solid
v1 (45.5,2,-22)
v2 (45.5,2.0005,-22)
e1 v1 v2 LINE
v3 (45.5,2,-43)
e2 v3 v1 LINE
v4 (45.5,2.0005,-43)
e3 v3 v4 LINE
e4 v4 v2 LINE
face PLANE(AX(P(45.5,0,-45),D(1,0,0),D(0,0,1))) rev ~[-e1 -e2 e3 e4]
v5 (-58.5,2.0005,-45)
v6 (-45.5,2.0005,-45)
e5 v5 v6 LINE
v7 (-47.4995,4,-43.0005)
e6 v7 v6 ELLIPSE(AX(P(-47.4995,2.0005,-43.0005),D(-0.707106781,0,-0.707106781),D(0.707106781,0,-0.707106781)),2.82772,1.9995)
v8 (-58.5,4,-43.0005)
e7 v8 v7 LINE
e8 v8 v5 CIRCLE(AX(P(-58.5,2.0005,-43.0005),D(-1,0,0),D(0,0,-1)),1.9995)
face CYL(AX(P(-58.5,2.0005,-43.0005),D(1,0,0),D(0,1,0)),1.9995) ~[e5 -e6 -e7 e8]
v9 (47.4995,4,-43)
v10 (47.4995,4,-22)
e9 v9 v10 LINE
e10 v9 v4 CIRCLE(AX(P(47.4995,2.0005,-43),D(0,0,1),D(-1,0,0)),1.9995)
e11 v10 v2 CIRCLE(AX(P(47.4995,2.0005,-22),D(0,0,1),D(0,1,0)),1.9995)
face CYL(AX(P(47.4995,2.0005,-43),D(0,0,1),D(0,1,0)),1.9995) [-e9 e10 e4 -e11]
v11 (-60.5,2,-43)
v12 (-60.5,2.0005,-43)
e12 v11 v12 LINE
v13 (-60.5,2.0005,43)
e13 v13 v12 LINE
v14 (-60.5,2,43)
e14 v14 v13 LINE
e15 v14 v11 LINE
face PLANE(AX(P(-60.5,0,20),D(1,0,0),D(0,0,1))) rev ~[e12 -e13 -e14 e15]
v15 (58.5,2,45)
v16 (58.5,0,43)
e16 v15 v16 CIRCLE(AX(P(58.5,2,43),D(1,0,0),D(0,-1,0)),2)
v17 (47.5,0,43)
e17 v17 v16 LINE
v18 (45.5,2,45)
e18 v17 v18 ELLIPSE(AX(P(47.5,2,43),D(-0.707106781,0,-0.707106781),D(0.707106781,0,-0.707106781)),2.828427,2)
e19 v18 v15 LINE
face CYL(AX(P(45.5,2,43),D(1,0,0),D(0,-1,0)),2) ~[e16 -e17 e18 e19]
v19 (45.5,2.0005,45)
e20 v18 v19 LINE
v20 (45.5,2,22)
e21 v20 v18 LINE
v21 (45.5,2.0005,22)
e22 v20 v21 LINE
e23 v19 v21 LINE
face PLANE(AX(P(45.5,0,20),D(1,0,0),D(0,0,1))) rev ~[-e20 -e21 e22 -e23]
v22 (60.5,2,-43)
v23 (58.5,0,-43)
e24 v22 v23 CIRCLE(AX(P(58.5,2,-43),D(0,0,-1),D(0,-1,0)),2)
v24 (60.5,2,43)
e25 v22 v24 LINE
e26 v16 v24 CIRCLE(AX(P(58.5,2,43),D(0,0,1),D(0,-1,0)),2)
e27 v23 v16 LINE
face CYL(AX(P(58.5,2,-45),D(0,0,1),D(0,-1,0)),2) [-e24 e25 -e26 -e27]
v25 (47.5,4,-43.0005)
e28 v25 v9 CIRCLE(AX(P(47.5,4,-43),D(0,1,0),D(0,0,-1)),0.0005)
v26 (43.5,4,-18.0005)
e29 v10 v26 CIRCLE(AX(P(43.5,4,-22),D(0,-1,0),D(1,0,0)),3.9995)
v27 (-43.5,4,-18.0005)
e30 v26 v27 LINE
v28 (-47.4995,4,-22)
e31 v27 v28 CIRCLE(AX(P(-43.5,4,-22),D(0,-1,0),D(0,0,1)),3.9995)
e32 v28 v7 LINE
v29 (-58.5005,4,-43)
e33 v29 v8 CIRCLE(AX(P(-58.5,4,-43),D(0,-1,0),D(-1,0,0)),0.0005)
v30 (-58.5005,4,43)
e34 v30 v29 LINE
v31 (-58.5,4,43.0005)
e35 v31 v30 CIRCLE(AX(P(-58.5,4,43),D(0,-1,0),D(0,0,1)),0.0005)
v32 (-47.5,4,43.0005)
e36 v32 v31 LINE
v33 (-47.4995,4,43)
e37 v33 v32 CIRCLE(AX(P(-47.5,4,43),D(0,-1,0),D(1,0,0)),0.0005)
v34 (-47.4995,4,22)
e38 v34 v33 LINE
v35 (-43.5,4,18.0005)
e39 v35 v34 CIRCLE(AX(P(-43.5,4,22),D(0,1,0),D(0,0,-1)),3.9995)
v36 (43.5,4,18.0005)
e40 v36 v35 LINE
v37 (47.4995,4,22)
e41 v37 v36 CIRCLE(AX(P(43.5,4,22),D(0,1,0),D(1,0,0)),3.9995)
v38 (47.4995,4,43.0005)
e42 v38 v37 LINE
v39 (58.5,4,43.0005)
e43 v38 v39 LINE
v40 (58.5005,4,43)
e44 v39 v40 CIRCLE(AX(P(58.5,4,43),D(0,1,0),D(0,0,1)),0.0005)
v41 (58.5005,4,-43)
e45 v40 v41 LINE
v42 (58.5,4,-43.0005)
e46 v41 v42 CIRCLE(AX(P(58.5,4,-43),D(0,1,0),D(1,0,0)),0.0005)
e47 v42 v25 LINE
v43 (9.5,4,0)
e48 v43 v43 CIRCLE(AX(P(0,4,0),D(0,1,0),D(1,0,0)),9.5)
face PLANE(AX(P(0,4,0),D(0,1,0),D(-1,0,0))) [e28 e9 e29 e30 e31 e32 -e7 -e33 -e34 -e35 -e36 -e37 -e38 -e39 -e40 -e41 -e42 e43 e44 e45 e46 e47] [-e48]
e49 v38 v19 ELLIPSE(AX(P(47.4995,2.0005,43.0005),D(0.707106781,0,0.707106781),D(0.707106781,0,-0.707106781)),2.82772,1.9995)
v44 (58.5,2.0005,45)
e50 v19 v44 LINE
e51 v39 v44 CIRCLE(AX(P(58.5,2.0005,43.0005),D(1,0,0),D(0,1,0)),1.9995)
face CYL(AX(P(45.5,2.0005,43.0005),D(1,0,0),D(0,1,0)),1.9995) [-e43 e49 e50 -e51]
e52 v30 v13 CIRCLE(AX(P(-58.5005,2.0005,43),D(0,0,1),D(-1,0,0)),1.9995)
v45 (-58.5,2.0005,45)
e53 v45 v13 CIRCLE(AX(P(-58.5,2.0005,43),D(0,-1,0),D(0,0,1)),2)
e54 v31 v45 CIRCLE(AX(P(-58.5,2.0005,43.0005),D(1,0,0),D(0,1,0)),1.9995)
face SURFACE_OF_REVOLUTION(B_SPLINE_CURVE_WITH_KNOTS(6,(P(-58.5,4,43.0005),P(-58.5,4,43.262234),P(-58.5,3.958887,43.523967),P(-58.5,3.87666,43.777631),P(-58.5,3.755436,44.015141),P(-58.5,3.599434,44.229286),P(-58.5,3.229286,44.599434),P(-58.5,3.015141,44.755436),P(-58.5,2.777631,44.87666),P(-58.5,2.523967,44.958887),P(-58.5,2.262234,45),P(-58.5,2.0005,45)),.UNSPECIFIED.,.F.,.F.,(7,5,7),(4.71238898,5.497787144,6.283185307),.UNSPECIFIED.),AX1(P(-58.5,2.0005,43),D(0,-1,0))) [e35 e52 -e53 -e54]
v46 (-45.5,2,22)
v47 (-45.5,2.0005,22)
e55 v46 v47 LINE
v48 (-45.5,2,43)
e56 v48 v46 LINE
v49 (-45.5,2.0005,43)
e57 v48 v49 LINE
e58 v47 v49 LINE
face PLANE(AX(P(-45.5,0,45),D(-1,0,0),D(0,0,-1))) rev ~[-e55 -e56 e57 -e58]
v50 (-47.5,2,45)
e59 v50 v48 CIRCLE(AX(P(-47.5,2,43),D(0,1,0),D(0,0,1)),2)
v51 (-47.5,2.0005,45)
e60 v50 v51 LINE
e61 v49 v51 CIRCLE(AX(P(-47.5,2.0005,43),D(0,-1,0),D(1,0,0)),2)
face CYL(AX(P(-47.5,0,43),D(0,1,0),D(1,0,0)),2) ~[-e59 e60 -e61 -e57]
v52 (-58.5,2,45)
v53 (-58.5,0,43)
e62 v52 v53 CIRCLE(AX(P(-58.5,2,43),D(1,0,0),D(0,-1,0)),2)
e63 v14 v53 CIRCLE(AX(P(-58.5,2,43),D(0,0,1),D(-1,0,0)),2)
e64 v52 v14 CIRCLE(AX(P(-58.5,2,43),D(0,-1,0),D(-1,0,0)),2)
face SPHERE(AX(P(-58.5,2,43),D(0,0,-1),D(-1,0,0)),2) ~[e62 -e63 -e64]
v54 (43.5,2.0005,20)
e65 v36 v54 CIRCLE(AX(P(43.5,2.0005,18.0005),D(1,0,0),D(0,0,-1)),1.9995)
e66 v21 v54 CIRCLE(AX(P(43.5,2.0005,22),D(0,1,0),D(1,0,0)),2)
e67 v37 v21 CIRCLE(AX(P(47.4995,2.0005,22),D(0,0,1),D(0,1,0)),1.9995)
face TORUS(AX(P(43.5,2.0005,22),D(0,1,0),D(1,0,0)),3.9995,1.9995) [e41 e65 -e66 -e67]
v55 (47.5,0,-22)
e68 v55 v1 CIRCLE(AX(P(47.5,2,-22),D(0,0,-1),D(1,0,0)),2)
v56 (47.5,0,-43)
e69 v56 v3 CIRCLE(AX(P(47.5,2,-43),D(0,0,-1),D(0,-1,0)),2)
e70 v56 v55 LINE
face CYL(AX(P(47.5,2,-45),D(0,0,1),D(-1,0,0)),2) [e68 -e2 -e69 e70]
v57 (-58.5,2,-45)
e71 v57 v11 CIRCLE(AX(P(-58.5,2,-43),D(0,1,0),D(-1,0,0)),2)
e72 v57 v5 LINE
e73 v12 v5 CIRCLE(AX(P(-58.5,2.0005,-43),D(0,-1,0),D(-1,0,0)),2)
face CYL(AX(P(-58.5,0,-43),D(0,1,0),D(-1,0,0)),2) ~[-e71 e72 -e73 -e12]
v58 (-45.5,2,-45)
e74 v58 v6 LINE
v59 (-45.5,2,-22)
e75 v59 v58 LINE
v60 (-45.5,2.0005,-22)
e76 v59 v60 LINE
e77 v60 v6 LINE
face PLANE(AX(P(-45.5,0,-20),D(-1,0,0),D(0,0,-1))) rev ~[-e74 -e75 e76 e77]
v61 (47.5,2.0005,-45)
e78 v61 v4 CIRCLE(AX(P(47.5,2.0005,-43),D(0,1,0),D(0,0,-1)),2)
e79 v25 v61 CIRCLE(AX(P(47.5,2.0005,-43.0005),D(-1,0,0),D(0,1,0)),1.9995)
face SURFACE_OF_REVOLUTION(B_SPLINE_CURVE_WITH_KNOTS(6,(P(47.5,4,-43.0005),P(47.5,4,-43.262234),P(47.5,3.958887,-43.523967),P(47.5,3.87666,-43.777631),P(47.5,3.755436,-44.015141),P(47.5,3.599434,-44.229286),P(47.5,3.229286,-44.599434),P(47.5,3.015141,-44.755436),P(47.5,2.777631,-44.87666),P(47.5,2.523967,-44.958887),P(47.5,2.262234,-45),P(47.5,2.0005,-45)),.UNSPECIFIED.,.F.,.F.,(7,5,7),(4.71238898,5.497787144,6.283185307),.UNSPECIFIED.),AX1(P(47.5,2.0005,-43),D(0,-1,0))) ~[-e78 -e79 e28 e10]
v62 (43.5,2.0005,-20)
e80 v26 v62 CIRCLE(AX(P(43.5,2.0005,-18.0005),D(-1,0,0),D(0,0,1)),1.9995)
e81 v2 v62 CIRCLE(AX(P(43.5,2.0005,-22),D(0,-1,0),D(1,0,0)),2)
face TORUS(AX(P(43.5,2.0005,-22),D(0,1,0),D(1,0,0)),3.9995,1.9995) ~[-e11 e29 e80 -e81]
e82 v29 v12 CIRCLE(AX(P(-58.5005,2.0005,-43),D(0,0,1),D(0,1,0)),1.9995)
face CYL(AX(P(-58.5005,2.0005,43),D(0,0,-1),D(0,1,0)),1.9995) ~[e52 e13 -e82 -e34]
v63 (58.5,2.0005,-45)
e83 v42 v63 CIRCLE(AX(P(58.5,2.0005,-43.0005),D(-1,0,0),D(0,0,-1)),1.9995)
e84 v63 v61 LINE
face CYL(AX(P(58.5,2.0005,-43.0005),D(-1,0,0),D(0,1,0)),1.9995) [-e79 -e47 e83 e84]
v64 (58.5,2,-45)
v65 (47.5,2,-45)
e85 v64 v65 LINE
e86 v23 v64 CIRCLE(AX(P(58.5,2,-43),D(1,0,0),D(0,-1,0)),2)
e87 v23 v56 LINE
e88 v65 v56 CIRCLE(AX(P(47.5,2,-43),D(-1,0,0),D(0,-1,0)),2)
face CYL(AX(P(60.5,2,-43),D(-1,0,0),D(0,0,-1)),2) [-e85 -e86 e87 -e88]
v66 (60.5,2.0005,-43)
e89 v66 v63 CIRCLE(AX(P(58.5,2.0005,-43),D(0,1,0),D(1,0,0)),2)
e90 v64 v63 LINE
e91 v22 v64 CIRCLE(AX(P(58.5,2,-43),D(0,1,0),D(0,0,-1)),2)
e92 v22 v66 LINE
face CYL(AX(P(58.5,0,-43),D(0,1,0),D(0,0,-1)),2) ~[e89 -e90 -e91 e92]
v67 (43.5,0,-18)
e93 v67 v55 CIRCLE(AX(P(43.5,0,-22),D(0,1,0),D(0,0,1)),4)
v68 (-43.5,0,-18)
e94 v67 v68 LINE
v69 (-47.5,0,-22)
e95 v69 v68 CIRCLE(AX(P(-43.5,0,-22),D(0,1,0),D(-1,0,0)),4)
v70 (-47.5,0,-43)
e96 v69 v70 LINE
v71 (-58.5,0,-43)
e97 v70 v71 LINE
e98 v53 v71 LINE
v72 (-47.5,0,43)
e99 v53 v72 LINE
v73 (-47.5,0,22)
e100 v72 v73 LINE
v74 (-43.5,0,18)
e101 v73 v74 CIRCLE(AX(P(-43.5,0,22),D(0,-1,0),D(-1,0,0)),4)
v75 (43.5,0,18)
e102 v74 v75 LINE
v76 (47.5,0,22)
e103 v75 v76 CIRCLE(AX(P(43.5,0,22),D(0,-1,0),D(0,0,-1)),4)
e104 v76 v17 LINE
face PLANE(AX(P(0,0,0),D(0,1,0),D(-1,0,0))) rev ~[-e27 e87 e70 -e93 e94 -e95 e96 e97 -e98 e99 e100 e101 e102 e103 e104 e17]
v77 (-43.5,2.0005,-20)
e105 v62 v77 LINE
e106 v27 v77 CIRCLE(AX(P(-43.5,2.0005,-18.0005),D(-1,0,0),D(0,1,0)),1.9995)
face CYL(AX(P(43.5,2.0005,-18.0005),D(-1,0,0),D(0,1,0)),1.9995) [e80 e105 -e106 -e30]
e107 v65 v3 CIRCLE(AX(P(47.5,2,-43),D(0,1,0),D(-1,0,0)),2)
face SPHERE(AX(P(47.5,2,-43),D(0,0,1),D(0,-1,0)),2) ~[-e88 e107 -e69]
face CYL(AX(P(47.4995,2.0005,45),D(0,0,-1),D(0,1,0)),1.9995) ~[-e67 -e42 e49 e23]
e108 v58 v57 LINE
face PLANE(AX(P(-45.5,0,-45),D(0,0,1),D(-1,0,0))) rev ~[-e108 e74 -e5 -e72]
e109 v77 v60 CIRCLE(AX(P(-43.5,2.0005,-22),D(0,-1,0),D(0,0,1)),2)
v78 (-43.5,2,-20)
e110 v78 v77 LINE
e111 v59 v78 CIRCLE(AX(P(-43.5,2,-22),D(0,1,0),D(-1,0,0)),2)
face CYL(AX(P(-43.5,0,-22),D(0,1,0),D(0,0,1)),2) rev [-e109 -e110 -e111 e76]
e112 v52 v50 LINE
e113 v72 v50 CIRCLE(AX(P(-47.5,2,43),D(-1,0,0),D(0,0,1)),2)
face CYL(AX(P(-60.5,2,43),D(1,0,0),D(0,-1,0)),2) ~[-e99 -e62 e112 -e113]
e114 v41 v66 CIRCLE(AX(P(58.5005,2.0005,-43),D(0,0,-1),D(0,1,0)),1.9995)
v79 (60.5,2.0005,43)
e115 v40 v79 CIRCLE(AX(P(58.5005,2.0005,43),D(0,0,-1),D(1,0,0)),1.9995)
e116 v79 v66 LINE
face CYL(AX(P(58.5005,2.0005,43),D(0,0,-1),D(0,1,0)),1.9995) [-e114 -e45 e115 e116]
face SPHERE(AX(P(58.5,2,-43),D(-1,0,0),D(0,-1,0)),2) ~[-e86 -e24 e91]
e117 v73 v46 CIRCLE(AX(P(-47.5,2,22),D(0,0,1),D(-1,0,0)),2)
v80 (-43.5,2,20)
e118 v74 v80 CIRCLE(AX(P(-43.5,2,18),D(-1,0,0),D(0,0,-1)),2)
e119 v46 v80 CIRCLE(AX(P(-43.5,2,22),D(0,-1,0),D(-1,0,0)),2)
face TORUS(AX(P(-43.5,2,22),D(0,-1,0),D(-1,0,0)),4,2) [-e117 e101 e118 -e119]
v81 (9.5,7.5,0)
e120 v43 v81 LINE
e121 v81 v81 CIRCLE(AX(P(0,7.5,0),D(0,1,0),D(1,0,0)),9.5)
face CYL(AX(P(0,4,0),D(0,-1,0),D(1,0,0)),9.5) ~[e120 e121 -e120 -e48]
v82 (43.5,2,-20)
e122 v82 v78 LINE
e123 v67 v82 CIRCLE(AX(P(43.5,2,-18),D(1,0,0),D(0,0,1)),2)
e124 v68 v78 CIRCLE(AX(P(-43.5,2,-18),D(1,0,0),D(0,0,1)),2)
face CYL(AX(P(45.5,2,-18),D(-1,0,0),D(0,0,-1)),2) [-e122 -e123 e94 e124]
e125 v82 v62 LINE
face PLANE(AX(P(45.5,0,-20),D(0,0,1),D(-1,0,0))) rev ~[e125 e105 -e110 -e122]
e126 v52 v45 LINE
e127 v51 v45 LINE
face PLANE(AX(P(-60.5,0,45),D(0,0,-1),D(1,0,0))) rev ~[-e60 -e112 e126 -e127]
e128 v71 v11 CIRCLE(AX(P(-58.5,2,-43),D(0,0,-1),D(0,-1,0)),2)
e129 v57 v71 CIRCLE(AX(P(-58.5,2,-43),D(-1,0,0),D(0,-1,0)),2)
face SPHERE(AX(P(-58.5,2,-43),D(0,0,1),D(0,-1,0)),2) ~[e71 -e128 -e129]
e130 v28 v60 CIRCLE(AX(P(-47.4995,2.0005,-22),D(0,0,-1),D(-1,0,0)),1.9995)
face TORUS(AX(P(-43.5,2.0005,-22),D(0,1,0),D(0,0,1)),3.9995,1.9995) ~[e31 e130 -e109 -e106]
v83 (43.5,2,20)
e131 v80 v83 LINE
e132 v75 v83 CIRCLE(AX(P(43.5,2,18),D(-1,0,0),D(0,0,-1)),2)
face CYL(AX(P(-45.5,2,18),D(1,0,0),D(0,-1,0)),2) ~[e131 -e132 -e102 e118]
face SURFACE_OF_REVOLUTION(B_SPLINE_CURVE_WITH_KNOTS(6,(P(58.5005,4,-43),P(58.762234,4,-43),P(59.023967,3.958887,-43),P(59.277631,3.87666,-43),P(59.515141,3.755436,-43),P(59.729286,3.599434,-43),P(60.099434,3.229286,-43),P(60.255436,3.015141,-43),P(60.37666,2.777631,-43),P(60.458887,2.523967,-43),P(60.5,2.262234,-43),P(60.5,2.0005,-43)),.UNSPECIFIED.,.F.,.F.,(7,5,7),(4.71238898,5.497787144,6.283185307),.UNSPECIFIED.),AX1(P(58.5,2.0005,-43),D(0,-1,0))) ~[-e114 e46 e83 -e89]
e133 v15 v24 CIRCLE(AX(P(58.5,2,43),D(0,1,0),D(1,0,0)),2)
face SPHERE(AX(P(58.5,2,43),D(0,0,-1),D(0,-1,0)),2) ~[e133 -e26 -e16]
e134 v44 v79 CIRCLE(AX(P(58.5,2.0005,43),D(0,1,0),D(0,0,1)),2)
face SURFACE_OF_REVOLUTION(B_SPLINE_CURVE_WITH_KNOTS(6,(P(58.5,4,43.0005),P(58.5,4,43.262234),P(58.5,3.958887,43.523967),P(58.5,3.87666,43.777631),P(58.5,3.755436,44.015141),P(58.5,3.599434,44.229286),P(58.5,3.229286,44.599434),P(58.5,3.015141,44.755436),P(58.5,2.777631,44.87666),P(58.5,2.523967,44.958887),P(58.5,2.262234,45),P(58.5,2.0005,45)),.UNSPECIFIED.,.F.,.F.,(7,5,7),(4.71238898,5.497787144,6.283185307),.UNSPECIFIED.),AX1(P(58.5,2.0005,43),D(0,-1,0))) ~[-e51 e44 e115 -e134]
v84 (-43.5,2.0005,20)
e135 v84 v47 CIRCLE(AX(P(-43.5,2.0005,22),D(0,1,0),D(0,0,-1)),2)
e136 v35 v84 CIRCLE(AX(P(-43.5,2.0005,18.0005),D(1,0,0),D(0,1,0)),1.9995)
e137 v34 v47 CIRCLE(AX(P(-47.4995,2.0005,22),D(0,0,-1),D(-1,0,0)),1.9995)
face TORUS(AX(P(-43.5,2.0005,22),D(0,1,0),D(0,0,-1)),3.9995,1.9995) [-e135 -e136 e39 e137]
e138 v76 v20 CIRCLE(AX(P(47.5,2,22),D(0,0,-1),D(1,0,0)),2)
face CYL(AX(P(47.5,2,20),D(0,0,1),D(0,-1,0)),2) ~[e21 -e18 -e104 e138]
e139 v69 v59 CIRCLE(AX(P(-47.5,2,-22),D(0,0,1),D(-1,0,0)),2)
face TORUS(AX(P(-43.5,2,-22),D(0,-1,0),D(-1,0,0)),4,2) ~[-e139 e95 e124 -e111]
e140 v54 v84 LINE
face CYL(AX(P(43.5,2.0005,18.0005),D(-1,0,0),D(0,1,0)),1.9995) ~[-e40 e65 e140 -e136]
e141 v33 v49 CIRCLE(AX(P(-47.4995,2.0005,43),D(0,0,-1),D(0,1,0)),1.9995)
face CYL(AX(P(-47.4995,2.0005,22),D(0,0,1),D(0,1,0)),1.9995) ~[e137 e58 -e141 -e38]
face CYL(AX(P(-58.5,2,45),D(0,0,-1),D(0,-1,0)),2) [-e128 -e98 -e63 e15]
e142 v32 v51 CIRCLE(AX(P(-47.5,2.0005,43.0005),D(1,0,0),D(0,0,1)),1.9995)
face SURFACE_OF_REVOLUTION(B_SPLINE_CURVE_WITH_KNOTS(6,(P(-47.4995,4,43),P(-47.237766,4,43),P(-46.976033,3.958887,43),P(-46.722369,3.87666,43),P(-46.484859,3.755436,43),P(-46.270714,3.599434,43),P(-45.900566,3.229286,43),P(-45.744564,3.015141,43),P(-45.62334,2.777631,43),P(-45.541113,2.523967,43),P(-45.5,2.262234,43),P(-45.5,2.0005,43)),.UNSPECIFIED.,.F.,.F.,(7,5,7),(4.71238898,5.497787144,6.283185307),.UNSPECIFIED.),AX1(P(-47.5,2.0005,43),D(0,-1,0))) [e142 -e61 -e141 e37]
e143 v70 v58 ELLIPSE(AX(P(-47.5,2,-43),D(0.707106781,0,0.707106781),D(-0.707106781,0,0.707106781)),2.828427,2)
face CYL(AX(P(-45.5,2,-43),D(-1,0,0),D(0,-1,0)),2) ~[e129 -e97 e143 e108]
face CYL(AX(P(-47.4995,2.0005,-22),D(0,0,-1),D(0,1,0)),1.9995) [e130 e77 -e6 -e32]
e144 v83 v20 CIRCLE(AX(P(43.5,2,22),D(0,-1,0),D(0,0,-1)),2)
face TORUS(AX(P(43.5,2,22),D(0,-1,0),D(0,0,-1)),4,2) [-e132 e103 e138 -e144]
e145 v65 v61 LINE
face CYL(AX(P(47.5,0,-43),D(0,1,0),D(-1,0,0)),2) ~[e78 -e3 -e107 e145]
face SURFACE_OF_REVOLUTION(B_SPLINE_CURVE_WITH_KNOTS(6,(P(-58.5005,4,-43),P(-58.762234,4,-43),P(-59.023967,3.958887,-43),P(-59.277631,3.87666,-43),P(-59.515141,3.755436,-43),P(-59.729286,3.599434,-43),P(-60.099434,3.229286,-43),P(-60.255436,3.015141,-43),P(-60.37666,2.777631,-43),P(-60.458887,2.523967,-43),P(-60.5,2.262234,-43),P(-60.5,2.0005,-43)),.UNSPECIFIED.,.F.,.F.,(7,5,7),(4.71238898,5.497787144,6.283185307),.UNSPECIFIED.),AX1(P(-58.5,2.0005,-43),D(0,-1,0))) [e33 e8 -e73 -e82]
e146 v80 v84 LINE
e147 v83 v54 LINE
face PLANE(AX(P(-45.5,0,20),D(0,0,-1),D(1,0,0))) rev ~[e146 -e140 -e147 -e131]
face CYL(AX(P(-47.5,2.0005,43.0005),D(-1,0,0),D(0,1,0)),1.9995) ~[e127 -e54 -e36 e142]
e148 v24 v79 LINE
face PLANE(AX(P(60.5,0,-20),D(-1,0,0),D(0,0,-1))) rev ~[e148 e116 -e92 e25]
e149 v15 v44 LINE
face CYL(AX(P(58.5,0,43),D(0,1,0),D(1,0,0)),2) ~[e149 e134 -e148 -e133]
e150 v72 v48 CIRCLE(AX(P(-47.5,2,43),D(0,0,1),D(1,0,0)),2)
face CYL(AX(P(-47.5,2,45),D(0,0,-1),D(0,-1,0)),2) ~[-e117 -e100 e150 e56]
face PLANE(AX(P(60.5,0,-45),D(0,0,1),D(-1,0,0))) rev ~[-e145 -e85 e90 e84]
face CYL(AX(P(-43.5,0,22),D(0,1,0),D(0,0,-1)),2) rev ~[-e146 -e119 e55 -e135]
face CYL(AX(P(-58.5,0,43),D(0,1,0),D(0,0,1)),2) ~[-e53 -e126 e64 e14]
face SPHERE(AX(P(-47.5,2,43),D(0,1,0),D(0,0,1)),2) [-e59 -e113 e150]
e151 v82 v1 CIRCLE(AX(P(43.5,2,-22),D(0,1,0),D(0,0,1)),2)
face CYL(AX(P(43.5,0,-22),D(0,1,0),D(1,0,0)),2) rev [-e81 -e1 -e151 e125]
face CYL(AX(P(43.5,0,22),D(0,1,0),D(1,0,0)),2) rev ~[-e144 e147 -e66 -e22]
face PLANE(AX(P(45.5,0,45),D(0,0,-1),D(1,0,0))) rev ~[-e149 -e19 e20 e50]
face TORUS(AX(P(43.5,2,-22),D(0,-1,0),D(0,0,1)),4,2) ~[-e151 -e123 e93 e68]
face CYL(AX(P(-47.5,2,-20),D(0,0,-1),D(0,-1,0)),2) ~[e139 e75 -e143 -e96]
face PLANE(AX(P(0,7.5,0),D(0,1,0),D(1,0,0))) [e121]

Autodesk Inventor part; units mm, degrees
ref_plane "YZ Plane" through (0, 0, 0) normal (1, 0, 0) x (0, 1, 0)
ref_plane "XZ Plane" through (0, 0, 0) normal (0, 1, 0) x (-1, 0, 0)
ref_plane "XY Plane" through (0, 0, 0) normal (0, 0, 1) x (1, 0, 0)
sketch "Sketch1" plane through (0, 0, 0) normal (0, 1, 0) x (-1, 0, 0)
  line L0 (-45.5, -20) -> (45.5, -20)
  line L1 (60.5, -20) -> (60.5, 20)
  line L2 (45.5, 20) -> (-45.5, 20)
  line L3 (-60.5, 20) -> (-60.5, -20)
  line L4 (-60.5, -20) -> (60.5, 20) construction
  line L5 (60.5, -20) -> (-60.5, 20) construction
  line L6 (-60.5, -45) -> (60.5, -45) construction
  line L7 (60.5, -45) -> (60.5, 45) construction
  line L8 (60.5, 45) -> (-60.5, 45) construction
  line L9 (-60.5, 45) -> (-60.5, -45) construction
  line L10 (-60.5, -45) -> (60.5, 45) construction
  line L11 (60.5, -45) -> (-60.5, 45) construction
  line L12 (60.5, 45) -> (45.5, 45)
  line L13 (45.5, -45) -> (60.5, -45)
  line L14 (60.5, -45) -> (60.5, 45)
  line L15 (-60.5, -45) -> (-45.5, -45)
  line L16 (-45.5, 45) -> (-60.5, 45)
  line L17 (-60.5, 45) -> (-60.5, -45)
  line L18 (-45.5, -45) -> (-45.5, -20)
  line L19 (-45.5, 20) -> (-45.5, 45)
  line L20 (45.5, 45) -> (45.5, 20)
  line L21 (45.5, -20) -> (45.5, -45)
  point P0 (0, 0)
  dimension "d0" = 121
  dimension "d1" = 40
  dimension "d2" = 121
  dimension "d3" = 90
  dimension "d4" = 15
  dimension "d5" = 15
extrude "Extrusion1" add sketch "Sketch1" along normal blind 4
sketch "Sketch2" plane through (0, 4, 0) normal (0, 1, 0) x (1, 0, 0)
  circle A0 centre (0, 0) radius 9.5
  dimension "d8" = 19
extrude "Extrusion2" add sketch "Sketch2" along normal blind 3.5
fillet "Fillet1" radius 2 22 edges at (-60.5, 0, 0) (-53, 0, -45) (-45.5, 0, -32.5) (0, 0, -20) (0, 0, 20) (45.5, 0, -32.5) (53, 0, -45) (60.5, 0, 0) (53, 0, 45) (45.5, 0, 32.5) (60.5, 2, 45) (60.5, 2, -45) (45.5, 2, -45) (45.5, 2, -20) (45.5, 2, 20) (-45.5, 2, 20) (-45.5, 2, -20) (-60.5, 2, -45) (-60.5, 2, 45) (-45.5, 2, 45) (-53, 0, 45) (-45.5, 0, 32.5)
fillet "Fillet2" radius 2 18 edges at (-59.9142, 4, -44.4142) (-60.5, 4, 0) (-59.9142, 4, 44.4142) (-53, 4, 45) (-46.0858, 4, 44.4142) (-45.5, 4, 32.5) (0, 4, 20) (45.5, 4, 33.5) (-52, 4, -45) (0, 4, -20) (45.5, 4, -32.5) (46.0858, 4, -44.4142) (53, 4, -45) (59.9142, 4, -44.4142) (60.5, 4, 0) (59.9142, 4, 44.4142) (52, 4, 45) (-45.5, 4, -33.5)
properties part number "SujetorPanel"
